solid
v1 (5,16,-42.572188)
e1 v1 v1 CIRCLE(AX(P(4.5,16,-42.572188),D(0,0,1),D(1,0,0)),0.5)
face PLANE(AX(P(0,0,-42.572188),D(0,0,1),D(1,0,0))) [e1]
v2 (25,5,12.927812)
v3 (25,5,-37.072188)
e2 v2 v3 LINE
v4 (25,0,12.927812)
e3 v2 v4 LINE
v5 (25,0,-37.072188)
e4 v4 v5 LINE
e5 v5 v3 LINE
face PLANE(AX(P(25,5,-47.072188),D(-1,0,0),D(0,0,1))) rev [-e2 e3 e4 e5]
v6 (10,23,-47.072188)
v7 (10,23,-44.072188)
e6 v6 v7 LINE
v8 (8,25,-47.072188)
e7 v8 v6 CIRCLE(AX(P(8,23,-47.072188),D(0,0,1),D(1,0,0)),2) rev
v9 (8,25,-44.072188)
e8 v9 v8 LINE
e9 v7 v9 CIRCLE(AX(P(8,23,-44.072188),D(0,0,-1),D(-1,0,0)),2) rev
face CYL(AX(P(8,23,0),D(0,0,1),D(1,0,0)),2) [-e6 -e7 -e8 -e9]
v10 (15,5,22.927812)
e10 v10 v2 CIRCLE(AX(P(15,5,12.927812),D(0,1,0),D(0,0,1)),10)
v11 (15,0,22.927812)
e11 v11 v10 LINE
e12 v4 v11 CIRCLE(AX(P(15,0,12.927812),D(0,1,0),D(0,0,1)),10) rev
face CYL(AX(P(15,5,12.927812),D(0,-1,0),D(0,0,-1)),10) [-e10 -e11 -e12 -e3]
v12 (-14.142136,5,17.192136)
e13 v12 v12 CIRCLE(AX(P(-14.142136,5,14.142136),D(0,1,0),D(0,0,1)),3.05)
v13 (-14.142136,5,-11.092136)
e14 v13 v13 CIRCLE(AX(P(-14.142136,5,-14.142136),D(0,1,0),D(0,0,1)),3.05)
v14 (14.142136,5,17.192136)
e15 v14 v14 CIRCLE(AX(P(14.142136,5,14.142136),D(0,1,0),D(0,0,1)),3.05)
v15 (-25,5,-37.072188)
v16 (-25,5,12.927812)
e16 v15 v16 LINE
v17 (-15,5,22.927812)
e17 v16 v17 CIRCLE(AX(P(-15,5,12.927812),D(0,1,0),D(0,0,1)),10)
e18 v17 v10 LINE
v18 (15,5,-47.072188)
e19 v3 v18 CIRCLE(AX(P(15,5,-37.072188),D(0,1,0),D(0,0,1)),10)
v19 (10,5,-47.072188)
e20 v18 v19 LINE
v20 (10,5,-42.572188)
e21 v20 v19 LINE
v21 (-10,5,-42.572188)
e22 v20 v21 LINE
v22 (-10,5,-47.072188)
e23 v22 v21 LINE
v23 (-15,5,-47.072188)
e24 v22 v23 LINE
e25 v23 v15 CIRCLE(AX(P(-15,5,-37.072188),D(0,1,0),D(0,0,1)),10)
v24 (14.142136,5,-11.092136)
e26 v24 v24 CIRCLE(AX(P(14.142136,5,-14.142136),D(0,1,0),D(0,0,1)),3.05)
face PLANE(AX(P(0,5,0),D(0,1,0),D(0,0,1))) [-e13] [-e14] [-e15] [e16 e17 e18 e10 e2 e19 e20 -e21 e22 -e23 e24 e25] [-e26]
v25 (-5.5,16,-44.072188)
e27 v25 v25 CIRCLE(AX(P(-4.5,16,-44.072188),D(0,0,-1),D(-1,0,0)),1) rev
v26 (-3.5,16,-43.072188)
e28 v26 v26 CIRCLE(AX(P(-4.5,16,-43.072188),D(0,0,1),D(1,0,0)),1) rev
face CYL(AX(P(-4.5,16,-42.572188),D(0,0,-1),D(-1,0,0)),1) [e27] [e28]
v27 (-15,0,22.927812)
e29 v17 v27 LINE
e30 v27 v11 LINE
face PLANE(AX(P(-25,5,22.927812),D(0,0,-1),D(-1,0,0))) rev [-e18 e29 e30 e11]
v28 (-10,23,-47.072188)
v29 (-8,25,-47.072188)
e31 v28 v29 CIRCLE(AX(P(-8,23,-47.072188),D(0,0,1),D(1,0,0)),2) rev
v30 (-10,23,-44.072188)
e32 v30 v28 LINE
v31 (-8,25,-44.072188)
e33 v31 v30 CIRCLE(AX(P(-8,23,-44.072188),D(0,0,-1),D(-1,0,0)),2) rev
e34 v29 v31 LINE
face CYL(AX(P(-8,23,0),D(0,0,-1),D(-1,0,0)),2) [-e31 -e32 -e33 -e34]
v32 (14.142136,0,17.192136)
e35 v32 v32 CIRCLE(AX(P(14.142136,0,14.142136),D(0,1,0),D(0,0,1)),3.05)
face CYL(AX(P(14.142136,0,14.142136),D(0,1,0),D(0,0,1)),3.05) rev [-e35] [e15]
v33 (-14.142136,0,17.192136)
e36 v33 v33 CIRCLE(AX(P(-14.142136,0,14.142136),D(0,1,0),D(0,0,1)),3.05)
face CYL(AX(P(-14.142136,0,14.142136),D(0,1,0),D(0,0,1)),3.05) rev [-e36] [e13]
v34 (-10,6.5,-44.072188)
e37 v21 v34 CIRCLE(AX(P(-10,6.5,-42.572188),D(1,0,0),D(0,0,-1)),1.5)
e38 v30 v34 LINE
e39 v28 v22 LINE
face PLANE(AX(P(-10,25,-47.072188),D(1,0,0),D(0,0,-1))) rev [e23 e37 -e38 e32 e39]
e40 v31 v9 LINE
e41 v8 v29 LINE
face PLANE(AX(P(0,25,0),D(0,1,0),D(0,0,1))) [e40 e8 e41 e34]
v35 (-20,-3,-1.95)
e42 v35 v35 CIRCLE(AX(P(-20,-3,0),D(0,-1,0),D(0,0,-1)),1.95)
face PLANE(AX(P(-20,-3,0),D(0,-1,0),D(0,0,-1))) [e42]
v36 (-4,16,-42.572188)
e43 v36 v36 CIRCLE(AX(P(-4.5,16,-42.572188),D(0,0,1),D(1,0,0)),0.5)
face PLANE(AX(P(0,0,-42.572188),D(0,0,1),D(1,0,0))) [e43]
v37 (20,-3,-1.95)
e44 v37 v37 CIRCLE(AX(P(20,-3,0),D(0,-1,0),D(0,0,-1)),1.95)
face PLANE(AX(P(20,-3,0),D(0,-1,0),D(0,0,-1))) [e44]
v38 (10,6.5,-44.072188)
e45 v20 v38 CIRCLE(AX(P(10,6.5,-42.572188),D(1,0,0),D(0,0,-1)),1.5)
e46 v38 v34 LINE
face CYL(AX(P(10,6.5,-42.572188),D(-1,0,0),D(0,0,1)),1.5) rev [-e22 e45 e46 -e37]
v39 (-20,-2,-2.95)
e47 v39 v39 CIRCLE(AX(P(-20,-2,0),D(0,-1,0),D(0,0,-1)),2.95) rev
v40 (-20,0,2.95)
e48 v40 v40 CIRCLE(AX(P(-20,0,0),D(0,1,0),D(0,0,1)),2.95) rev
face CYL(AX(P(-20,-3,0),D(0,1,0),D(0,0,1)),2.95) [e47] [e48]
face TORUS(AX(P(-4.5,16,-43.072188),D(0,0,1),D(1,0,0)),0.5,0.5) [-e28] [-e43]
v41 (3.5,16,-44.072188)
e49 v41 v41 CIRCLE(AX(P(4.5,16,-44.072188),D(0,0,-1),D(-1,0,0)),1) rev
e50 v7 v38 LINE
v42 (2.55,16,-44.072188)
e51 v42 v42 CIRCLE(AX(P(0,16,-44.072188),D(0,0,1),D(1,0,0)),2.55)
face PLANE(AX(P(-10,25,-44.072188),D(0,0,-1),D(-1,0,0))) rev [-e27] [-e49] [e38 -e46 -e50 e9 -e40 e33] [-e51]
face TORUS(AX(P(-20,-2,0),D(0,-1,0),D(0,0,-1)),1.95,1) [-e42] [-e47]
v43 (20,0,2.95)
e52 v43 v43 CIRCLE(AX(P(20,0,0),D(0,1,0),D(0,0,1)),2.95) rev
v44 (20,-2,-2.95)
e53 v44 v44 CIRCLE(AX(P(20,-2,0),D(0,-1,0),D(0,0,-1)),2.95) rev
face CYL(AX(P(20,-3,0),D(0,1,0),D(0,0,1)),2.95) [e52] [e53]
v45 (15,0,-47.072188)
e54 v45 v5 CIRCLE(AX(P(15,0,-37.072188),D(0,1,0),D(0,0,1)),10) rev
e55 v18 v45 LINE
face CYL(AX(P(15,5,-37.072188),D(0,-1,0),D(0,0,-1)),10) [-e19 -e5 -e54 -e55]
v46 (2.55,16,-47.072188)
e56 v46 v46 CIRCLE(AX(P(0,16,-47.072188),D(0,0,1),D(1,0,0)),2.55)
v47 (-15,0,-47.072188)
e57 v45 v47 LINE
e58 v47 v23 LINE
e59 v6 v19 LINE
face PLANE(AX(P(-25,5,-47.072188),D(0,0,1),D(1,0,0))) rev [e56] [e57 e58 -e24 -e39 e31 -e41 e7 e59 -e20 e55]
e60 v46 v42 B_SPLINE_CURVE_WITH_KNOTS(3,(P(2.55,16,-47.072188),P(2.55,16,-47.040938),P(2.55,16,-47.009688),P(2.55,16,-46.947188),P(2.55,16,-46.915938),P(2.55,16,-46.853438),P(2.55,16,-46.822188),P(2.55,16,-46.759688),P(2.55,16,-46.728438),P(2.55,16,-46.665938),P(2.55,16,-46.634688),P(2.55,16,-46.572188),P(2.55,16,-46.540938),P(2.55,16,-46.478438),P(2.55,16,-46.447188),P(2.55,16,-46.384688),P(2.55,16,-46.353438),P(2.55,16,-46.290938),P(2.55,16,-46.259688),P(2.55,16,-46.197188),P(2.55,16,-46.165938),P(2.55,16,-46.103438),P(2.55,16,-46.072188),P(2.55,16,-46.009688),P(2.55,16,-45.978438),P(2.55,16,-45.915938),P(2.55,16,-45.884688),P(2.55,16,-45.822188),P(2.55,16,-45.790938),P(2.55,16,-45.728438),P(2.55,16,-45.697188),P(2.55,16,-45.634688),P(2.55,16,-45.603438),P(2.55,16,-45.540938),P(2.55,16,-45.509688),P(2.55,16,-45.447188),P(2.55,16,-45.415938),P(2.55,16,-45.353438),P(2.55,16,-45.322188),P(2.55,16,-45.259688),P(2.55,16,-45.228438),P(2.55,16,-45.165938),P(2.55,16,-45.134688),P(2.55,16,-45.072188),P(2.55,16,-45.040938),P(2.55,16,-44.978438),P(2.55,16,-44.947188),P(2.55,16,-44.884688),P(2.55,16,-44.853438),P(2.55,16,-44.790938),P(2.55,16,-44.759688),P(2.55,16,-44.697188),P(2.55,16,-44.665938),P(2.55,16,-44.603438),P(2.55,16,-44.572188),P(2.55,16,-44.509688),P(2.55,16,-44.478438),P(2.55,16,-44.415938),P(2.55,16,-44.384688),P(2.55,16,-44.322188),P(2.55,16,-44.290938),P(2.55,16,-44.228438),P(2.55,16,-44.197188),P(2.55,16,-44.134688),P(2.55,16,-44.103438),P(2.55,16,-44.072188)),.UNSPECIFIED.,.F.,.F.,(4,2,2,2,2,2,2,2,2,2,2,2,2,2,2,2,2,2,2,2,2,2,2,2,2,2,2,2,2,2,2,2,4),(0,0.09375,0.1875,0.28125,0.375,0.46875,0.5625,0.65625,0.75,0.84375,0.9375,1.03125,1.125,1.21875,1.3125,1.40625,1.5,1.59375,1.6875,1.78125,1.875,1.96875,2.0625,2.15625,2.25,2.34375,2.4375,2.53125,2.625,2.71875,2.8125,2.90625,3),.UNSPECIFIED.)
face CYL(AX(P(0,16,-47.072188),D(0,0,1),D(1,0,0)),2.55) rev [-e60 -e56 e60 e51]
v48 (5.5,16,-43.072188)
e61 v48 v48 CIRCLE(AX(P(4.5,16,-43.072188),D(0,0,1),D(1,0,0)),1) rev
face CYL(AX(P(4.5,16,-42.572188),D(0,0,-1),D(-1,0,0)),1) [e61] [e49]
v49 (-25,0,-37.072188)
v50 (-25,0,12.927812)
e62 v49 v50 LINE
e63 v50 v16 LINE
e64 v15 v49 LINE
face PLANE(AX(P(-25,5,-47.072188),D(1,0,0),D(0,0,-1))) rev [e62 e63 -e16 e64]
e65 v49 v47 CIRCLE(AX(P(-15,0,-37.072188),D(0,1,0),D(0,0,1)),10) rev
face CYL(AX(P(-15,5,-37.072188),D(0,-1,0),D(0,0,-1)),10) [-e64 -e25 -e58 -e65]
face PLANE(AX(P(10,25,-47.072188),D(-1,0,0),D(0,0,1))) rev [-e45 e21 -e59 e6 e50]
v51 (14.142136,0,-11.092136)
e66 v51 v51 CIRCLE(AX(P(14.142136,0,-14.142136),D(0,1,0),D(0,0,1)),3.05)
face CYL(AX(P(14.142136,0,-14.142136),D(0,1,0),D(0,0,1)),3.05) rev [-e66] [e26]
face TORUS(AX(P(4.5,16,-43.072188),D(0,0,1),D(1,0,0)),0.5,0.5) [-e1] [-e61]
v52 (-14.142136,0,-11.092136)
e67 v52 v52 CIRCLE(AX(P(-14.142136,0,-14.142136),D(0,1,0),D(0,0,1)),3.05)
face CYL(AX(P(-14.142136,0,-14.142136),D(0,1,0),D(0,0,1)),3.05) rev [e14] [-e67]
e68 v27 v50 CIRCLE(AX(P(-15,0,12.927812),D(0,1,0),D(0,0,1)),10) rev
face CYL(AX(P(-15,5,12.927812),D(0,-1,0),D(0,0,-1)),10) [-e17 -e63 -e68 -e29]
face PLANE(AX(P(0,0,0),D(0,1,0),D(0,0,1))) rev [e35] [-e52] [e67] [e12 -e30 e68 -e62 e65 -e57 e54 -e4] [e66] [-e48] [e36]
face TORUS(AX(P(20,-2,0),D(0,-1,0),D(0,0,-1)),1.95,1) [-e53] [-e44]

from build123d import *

# Parameters (mm, degrees)
SKETCH_1_W          = 50
SKETCH_1_H          = 70
EXTRUDE_1_DEPTH     = 5
SKETCH_2_R          = 3.05
CUT_EXTRUDE_1_DEPTH = 54.53308254
SKETCH_4_R          = 2.95
EXTRUDE_2_DEPTH     = 3
FILLET_1_R          = 1
FILLET_2_R          = 10
SKETCH_6_W          = 20
SKETCH_6_H          = 3
EXTRUDE_3_DEPTH     = 20
EXTRUDE_5_DEPTH     = 20
FILLET_3_R          = 2
SKETCH_9_R          = 2.55
CUT_EXTRUDE_2_DEPTH = 76.756187866
SKETCH_9_4_R        = 1
EXTRUDE_6_DEPTH     = 1.5
FILLET_4_R          = 0.5


with BuildPart() as part:
    # 草图1 → 凸台-拉伸1 (new body)
    with BuildSketch(Plane(origin=(0, 0, 0), x_dir=(1, 0, 0), z_dir=(0, 1, 0))):
        with Locations((0, 12.072188459)):
            Rectangle(SKETCH_1_W, SKETCH_1_H)
    extrude(amount=EXTRUDE_1_DEPTH)

    # 草图2 → 切除-拉伸1 (cut, through all)
    with BuildSketch(Plane(origin=(0, 5, 0), x_dir=(1, 0, 0), z_dir=(0, 1, 0))):
        with Locations((14.142135624, 14.142135624)):
            Circle(SKETCH_2_R)
        with Locations((14.142135624, -14.142135624)):
            Circle(SKETCH_2_R)
        with Locations((-14.142135624, -14.142135624)):
            Circle(SKETCH_2_R)
        with Locations((-14.142135624, 14.142135624)):
            Circle(SKETCH_2_R)
    extrude(amount=-CUT_EXTRUDE_1_DEPTH, mode=Mode.SUBTRACT)

    # 草图4 → 凸台-拉伸2 (add)
    with BuildSketch(Plane.XZ):
        with Locations((20, 0)):
            Circle(SKETCH_4_R)
        with Locations((-20, 0)):
            Circle(SKETCH_4_R)
    extrude(amount=EXTRUDE_2_DEPTH)

    # 圆角1
    fillet_1_edges = [part.edges().sort_by_distance(p)[0] for p in [
        (-22.95, -3, 0),
        (17.05, -3, 0),
    ]]
    fillet(fillet_1_edges, radius=FILLET_1_R)

    # 圆角2
    fillet_2_edges = [part.edges().sort_by_distance(p)[0] for p in [
        (-25, 2.5, -47.072188459),
        (25, 2.5, -47.072188459),
        (-25, 2.5, 22.927811541),
        (25, 2.5, 22.927811541),
    ]]
    fillet(fillet_2_edges, radius=FILLET_2_R)

    # 草图6 → 凸台-拉伸3 (add)
    with BuildSketch(Plane(origin=(0, 5, 0), x_dir=(1, 0, 0), z_dir=(0, 1, 0))):
        with Locations((0, 45.572188459)):
            Rectangle(SKETCH_6_W, SKETCH_6_H)
    extrude(amount=EXTRUDE_3_DEPTH)

    # 草图8 → 凸台-拉伸5 (add)
    with BuildSketch(Plane.ZY.offset(10)):
        with BuildLine():
            Line((-44.072188459, 6.5), (-44.072188459, 5))
            Line((-44.072188459, 5), (-42.572188459, 5))
            ThreePointArc((-42.572188459, 5), (-43.63284863, 5.439339828), (-44.072188459, 6.5))
        make_face()
    extrude(amount=-EXTRUDE_5_DEPTH)

    # 圆角3
    fillet_3_edges = [part.edges().sort_by_distance(p)[0] for p in [
        (-10, 25, -45.572188459),
        (10, 25, -45.572188459),
    ]]
    fillet(fillet_3_edges, radius=FILLET_3_R)

    # 草图9 → 切除-拉伸2 (cut, through all)
    with BuildSketch(Plane.XY.offset(-44.072188459)):
        with Locations((0, 16)):
            Circle(SKETCH_9_R)
    extrude(amount=-CUT_EXTRUDE_2_DEPTH, mode=Mode.SUBTRACT)

    # 草图9<4> → 凸台-拉伸6 (add)
    with BuildSketch(Plane.XY.offset(-44.072188459)):
        with Locations((-4.5, 16)):
            Circle(SKETCH_9_4_R)
        with Locations((4.5, 16)):
            Circle(SKETCH_9_4_R)
    extrude(amount=EXTRUDE_6_DEPTH)

    # 圆角4
    fillet_4_edges = [part.edges().sort_by_distance(p)[0] for p in [
        (3.5, 16, -42.572188459),
        (-5.5, 16, -42.572188459),
    ]]
    fillet(fillet_4_edges, radius=FILLET_4_R)


solid = part.part
